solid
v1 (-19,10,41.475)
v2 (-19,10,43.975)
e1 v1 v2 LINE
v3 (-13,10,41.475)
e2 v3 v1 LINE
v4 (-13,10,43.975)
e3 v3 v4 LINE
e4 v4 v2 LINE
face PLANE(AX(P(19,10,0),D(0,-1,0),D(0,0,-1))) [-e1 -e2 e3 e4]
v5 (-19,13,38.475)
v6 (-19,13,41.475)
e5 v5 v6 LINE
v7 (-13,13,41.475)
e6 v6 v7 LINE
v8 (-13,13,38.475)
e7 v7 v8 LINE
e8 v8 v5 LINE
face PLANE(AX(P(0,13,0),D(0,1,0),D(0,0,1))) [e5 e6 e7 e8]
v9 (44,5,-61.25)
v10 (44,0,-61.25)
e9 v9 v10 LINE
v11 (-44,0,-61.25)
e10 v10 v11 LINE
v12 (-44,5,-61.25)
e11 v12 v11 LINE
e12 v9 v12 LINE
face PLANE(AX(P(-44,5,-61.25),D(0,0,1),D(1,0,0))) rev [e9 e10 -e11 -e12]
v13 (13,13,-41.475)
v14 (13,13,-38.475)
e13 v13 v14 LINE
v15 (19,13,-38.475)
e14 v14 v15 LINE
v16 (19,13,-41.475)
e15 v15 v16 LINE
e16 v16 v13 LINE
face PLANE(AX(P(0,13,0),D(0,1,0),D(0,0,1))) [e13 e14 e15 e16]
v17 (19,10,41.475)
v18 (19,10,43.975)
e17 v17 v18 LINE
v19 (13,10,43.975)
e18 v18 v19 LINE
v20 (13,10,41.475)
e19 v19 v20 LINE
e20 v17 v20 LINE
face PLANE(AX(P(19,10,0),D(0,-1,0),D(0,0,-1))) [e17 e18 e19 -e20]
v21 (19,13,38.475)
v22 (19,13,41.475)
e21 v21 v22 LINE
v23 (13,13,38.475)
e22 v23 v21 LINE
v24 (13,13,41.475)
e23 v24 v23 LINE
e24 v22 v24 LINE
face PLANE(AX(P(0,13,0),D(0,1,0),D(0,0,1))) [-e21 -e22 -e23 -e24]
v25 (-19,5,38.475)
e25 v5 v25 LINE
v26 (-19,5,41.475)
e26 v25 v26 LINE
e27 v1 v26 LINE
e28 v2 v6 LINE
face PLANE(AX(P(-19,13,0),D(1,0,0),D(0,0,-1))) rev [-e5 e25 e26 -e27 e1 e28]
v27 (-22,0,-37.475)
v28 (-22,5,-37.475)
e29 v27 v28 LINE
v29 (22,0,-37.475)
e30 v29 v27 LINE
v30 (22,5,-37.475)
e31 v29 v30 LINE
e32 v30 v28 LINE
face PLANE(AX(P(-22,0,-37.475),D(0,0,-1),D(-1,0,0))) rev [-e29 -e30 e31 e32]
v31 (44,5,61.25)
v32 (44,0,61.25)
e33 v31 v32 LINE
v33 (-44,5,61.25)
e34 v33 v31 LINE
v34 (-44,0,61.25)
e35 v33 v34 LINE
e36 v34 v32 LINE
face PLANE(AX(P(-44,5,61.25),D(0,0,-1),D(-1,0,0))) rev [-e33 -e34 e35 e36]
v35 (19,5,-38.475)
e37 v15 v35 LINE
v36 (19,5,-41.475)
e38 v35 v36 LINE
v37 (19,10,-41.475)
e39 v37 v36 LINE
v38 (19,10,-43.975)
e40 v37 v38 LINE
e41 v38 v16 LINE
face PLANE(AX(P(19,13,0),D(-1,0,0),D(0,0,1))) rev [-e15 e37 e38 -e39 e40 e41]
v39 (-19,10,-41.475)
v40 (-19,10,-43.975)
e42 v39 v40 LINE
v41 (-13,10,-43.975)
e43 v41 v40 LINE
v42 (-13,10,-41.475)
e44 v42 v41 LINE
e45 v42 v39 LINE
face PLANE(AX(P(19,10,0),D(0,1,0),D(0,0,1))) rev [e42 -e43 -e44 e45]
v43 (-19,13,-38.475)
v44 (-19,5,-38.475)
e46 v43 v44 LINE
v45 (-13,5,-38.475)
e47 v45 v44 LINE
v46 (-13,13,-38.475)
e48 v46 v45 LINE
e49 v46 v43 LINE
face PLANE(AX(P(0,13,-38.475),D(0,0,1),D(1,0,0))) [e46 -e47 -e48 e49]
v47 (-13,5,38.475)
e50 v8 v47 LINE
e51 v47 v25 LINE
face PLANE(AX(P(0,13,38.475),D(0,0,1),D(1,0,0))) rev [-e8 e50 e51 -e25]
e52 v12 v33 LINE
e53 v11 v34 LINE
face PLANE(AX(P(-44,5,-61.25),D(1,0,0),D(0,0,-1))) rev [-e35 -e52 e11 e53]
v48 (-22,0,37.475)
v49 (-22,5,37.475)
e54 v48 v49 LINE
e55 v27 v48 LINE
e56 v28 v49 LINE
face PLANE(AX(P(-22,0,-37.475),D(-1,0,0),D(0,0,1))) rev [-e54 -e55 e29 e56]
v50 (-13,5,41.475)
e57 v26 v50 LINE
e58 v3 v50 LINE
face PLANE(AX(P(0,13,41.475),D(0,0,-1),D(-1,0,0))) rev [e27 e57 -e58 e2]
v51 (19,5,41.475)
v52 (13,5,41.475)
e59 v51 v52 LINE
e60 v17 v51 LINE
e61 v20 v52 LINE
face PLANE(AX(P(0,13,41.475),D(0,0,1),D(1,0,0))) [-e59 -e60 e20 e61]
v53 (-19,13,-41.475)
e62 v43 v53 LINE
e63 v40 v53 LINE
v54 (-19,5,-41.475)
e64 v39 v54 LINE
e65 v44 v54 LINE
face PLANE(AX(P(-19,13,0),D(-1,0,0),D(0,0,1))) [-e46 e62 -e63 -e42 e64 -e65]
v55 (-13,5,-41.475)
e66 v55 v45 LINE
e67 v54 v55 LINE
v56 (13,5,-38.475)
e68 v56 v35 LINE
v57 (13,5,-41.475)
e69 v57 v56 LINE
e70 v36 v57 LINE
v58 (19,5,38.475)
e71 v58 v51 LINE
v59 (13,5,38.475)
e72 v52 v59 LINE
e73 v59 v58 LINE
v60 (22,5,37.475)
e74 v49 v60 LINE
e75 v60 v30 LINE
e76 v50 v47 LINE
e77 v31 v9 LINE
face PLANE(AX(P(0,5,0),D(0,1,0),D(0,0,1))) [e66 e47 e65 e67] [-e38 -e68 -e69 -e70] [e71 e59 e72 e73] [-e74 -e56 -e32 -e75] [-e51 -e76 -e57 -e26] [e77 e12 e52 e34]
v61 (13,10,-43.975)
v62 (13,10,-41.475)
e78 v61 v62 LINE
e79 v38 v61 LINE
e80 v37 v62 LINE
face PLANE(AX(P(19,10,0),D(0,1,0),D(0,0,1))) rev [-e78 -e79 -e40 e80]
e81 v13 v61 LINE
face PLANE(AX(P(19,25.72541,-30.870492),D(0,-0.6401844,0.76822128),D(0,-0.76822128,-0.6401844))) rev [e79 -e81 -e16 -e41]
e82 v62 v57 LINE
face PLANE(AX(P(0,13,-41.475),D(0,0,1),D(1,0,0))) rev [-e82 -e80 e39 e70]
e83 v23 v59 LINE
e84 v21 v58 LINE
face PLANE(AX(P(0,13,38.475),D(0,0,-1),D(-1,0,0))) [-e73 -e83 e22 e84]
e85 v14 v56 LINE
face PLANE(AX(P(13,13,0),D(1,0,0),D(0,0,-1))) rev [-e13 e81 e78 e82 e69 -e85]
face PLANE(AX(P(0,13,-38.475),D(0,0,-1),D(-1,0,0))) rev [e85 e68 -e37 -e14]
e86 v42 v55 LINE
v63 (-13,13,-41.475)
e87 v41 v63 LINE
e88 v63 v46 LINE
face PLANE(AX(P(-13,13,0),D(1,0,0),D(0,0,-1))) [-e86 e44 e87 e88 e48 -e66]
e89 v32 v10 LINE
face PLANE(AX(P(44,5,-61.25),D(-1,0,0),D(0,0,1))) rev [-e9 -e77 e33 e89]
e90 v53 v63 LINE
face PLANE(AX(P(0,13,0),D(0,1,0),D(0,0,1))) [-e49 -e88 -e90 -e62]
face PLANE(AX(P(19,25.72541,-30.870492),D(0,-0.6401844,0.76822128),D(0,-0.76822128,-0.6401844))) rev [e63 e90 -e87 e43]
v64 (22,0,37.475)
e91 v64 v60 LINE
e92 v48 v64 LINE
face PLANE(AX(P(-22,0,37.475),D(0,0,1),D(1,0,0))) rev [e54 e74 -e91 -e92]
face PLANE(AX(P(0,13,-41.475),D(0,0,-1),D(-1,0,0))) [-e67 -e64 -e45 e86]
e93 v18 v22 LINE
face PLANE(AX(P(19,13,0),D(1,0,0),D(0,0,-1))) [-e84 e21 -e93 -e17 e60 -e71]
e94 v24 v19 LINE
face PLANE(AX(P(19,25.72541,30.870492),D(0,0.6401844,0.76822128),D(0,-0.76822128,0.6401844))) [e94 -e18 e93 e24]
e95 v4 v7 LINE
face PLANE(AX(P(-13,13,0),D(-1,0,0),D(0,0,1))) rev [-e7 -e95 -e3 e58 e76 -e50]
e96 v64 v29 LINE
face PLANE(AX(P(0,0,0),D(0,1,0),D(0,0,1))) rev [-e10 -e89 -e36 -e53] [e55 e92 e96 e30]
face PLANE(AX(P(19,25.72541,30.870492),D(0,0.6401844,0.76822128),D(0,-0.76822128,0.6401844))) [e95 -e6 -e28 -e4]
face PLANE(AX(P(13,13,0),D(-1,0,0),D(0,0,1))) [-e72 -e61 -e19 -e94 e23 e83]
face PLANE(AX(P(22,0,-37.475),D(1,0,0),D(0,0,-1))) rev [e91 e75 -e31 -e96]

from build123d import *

# Parameters (mm, degrees)
CROQUIS1_W              = 88
CROQUIS1_H              = 122.5
SALIENTE_EXTRUIR1_DEPTH = 5
CROQUIS2_W              = 44
CROQUIS2_H              = 74.95
CORTAR_EXTRUIR1_DEPTH   = 5
CROQUIS3_W              = 3
CROQUIS3_H              = 3
SALIENTE_EXTRUIR7_DEPTH = 8
SALIENTE_EXTRUIR8_DEPTH = 38
CROQUIS6_W              = 26
CROQUIS6_H              = 87.95
CORTAR_EXTRUIR3_DEPTH   = 19


with BuildPart() as part:
    # Croquis1 → Saliente-Extruir1 (new body)
    with BuildSketch(Plane(origin=(0, 0, 0), x_dir=(1, 0, 0), z_dir=(0, 1, 0))):
        Rectangle(CROQUIS1_W, CROQUIS1_H)
    extrude(amount=SALIENTE_EXTRUIR1_DEPTH)

    # Croquis2 → Cortar-Extruir1 (cut)
    with BuildSketch(Plane(origin=(0, 5, 0), x_dir=(1, 0, 0), z_dir=(0, 1, 0))):
        Rectangle(CROQUIS2_W, CROQUIS2_H)
    extrude(amount=-CORTAR_EXTRUIR1_DEPTH, mode=Mode.SUBTRACT)

    # Croquis3 → Saliente-Extruir7 (add)
    with BuildSketch(Plane(origin=(0, 5, 0), x_dir=(1, 0, 0), z_dir=(0, 1, 0))):
        with Locations((-14.5, 39.975)):
            Rectangle(CROQUIS3_W, CROQUIS3_H)
        with Locations((-17.5, 39.975)):
            Rectangle(CROQUIS3_W, CROQUIS3_H)
        with Locations((17.5, 39.975)):
            Rectangle(CROQUIS3_W, CROQUIS3_H)
        with Locations((14.5, 39.975)):
            Rectangle(CROQUIS3_W, CROQUIS3_H)
        with Locations((-14.5, -39.975)):
            Rectangle(CROQUIS3_W, CROQUIS3_H)
        with Locations((-17.5, -39.975)):
            Rectangle(CROQUIS3_W, CROQUIS3_H)
        with Locations((17.5, -39.975)):
            Rectangle(CROQUIS3_W, CROQUIS3_H)
        with Locations((14.5, -39.975)):
            Rectangle(CROQUIS3_W, CROQUIS3_H)
    extrude(amount=SALIENTE_EXTRUIR7_DEPTH)

    # Croquis5 → Saliente-Extruir8 (add)
    with BuildSketch(Plane.ZY.offset(19)):
        Polygon((-41.475, 13), (-41.475, 10), (-43.975, 10), align=None)
        Polygon((43.975, 10), (41.475, 13), (41.475, 10), align=None)
    extrude(amount=-SALIENTE_EXTRUIR8_DEPTH)

    # Croquis6 → Cortar-Extruir3 (cut)
    with BuildSketch(Plane(origin=(0, 5, 0), x_dir=(1, 0, 0), z_dir=(0, 1, 0))):
        Rectangle(CROQUIS6_W, CROQUIS6_H)
    extrude(amount=CORTAR_EXTRUIR3_DEPTH, mode=Mode.SUBTRACT)


solid = part.part
